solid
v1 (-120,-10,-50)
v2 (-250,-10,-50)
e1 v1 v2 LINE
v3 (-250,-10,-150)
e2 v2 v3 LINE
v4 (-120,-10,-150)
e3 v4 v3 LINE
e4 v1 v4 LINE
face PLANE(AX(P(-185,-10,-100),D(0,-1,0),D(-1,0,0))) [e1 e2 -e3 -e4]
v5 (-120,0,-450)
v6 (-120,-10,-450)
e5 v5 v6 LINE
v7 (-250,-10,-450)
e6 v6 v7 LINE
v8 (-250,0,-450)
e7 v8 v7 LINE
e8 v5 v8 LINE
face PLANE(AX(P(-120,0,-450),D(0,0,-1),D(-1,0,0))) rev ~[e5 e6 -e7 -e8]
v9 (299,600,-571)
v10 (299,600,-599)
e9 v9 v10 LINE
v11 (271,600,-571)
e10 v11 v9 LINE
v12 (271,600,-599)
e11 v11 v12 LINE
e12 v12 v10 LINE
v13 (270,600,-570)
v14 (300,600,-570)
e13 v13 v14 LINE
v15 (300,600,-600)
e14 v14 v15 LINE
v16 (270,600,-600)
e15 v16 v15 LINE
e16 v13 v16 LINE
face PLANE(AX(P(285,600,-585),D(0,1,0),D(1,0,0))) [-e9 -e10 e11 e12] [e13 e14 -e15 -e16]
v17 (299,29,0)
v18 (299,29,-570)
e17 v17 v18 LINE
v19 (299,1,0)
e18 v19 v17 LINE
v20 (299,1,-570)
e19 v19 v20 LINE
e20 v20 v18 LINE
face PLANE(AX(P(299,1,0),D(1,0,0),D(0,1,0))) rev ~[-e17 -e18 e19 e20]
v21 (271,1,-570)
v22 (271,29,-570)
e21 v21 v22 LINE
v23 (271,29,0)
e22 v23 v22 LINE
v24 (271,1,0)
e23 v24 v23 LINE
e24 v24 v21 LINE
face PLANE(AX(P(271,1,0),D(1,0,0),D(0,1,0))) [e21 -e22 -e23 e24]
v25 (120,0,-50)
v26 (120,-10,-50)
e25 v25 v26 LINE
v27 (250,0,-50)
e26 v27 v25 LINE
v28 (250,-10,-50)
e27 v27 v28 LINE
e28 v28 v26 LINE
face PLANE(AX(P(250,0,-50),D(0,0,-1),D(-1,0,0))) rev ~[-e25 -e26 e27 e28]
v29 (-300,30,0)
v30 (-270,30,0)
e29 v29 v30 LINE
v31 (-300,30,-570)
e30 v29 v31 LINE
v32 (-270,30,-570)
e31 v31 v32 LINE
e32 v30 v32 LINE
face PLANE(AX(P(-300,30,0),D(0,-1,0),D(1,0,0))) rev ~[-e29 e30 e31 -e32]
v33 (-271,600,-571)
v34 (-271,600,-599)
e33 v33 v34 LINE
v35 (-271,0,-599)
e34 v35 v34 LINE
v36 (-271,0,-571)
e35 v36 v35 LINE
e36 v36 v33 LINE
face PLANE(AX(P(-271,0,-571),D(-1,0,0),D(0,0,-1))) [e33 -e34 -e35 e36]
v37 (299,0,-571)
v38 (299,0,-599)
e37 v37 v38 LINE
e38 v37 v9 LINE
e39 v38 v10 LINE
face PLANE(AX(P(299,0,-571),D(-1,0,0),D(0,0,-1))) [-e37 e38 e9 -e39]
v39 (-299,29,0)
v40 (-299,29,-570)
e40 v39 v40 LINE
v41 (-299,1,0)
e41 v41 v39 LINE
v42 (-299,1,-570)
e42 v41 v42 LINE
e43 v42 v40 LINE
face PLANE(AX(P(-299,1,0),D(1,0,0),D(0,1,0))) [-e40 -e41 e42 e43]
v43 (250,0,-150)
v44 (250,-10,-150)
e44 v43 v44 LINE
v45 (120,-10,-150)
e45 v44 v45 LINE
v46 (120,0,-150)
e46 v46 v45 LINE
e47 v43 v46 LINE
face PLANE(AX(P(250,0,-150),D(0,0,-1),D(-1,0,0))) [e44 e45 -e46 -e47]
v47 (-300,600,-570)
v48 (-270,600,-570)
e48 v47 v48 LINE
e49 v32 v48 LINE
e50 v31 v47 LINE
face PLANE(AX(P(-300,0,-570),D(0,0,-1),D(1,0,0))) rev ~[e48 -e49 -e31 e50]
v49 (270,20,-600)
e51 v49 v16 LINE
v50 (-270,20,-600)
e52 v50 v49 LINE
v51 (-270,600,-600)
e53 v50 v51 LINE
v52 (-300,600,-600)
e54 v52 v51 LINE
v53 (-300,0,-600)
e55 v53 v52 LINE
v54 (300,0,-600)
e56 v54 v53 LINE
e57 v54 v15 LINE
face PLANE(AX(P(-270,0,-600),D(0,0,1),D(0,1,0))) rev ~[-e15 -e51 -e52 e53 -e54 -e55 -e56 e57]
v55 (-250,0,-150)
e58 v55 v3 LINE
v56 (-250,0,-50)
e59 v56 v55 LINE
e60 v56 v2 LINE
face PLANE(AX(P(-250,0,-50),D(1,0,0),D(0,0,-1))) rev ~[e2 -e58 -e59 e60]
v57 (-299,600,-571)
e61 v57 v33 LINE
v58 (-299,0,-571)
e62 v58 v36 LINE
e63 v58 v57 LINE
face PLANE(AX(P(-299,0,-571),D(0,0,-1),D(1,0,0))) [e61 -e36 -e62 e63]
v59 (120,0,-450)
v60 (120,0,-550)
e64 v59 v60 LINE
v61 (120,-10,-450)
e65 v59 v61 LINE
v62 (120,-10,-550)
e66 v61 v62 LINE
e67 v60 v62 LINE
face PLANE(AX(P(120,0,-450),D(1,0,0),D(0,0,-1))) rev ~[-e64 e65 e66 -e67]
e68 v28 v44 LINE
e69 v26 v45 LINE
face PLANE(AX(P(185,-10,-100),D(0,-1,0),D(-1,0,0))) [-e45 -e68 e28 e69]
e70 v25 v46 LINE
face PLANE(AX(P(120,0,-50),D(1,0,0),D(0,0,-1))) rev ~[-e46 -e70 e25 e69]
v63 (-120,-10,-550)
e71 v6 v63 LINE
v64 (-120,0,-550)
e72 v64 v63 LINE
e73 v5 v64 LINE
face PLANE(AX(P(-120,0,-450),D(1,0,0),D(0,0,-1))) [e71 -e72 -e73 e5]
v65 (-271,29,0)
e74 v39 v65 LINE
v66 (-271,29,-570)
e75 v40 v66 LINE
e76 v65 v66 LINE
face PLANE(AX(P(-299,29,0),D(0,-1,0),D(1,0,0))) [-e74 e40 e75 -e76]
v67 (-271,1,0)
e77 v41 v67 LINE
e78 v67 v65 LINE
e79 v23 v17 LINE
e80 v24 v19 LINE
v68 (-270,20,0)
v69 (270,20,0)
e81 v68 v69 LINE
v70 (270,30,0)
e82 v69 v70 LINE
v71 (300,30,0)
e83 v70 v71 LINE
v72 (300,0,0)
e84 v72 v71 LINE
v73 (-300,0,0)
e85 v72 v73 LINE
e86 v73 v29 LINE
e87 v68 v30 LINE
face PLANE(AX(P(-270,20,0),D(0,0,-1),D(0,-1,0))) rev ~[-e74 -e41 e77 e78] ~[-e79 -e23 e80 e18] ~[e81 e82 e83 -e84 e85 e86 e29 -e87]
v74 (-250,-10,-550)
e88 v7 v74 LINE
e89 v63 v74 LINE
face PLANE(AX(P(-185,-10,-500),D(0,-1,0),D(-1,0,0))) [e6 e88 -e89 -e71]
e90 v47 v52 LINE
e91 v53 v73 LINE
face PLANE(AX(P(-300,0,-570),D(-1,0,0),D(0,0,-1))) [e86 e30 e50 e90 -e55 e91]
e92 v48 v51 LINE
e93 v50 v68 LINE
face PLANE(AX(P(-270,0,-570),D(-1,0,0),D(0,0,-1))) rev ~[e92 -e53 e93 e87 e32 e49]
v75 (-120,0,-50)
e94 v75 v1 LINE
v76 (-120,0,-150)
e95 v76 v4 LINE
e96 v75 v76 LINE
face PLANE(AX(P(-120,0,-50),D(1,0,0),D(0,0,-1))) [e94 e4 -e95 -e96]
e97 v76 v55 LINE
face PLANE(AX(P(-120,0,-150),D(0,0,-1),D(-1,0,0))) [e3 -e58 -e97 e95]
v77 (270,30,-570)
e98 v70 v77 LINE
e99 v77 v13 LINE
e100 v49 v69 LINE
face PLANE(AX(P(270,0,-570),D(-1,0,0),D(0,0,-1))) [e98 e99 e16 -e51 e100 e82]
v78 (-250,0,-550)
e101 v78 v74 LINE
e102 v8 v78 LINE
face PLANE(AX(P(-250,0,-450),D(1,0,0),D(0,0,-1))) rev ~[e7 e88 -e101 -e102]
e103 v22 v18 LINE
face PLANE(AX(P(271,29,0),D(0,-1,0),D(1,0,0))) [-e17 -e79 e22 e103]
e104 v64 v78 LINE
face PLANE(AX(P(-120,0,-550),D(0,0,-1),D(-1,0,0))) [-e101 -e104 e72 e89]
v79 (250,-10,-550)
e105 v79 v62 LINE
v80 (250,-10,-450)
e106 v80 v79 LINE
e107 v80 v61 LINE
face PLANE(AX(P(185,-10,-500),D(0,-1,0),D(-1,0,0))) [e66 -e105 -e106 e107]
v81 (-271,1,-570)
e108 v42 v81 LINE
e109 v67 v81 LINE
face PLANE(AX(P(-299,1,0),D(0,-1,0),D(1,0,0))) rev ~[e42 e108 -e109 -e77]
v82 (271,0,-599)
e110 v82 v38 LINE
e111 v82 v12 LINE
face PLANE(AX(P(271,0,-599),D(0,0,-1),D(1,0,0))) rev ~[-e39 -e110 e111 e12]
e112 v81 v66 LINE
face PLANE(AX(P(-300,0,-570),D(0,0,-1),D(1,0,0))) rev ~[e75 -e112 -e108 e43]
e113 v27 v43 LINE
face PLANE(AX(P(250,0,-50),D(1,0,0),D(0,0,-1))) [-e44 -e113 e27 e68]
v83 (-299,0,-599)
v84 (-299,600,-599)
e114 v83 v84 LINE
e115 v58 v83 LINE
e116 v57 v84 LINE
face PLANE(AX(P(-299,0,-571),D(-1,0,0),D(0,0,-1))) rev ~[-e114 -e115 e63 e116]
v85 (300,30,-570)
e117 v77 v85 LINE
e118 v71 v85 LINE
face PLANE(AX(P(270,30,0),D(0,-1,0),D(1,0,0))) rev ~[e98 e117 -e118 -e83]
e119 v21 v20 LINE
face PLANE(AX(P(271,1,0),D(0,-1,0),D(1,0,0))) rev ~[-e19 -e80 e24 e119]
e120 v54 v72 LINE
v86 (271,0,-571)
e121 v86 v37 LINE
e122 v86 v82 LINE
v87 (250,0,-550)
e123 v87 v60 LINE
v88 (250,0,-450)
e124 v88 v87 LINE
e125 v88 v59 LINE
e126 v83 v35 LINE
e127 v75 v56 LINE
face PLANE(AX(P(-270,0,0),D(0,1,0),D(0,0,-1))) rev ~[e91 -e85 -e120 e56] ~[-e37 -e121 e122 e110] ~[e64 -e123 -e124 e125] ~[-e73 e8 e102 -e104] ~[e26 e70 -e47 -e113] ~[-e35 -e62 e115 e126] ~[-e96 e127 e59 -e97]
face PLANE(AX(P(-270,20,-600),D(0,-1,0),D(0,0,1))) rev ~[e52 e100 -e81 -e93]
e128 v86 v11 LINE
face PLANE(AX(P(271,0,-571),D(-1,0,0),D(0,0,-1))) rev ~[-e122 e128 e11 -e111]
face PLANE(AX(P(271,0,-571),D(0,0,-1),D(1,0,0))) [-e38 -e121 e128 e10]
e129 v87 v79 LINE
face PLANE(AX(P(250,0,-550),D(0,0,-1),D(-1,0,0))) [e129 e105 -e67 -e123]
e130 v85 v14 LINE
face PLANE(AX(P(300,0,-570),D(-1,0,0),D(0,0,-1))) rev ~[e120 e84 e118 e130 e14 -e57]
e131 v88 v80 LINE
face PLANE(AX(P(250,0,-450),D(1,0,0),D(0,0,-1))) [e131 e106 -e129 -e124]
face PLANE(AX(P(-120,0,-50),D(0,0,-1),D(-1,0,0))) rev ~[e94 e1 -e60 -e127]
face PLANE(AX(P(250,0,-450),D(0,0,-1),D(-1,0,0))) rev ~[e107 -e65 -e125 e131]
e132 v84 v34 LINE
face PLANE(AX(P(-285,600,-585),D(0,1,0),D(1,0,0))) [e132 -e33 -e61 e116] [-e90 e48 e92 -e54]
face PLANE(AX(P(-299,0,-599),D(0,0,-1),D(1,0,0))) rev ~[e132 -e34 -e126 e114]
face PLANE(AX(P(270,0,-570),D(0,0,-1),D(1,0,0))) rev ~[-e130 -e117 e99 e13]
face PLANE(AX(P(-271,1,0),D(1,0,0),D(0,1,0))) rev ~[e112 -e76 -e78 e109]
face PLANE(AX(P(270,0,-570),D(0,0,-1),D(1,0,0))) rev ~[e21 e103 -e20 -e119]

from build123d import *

# Parameters (mm, degrees)
SKETCH1_W                  = 30
SKETCH1_H                  = 30
SKETCH1_W_2                = 28
SKETCH1_H_2                = 28
EXTRUDE_THIN1_DEPTH        = 570
EXTRUDE_THIN1_2_DEPTH      = 570
EXTRUDE_THIN2_DEPTH        = 570
EXTRUDE_THIN2_DEPTH_BACK   = 30
SKETCH3_W                  = 30
SKETCH3_H                  = 30
SKETCH3_W_2                = 28
SKETCH3_H_2                = 28
EXTRUDE_THIN2_2_DEPTH      = 570
EXTRUDE_THIN2_2_DEPTH_BACK = 30
BOSS_EXTRUDE1_DEPTH        = 540
SKETCH5_W                  = 130
SKETCH5_H                  = 100
BOSS_EXTRUDE2_DEPTH        = 10


with BuildPart() as part:
    # Sketch1 → Extrude-Thin1 (new body)
    with BuildSketch(Plane.XY):
        with Locations((-285, 15)):
            Rectangle(SKETCH1_W, SKETCH1_H)
        with Locations((-285, 15)):
            Rectangle(SKETCH1_W_2, SKETCH1_H_2, mode=Mode.SUBTRACT)
    extrude(amount=-EXTRUDE_THIN1_DEPTH)



with BuildPart() as body_2:
    # Sketch1 → Extrude-Thin1 2 (new body)
    with BuildSketch(Plane.XY):
        with Locations((285, 15)):
            Rectangle(SKETCH1_W, SKETCH1_H)
        with Locations((285, 15)):
            Rectangle(SKETCH1_W_2, SKETCH1_H_2, mode=Mode.SUBTRACT)
    extrude(amount=-EXTRUDE_THIN1_2_DEPTH)


with BuildPart() as body_3:
    # Sketch3 → Extrude-Thin2 (new, two sides: drawn at the far end of the back side and taken through both)
    with BuildSketch(Plane(origin=(0, 30, 0), x_dir=(1, 0, 0), z_dir=(0, 1, 0)).offset(-EXTRUDE_THIN2_DEPTH_BACK)):
        with Locations((-285, 585)):
            Rectangle(SKETCH3_W, SKETCH3_H)
        with Locations((-285, 585)):
            Rectangle(SKETCH3_W_2, SKETCH3_H_2, mode=Mode.SUBTRACT)
    extrude(amount=EXTRUDE_THIN2_DEPTH + EXTRUDE_THIN2_DEPTH_BACK)


with BuildPart() as body_4:
    # Sketch3 → Extrude-Thin2 2 (new, two sides: drawn at the far end of the back side and taken through both)
    with BuildSketch(Plane(origin=(0, 30, 0), x_dir=(1, 0, 0), z_dir=(0, 1, 0)).offset(-EXTRUDE_THIN2_2_DEPTH_BACK)):
        with Locations((285, 585)):
            Rectangle(SKETCH3_W, SKETCH3_H)
        with Locations((285, 585)):
            Rectangle(SKETCH3_W_2, SKETCH3_H_2, mode=Mode.SUBTRACT)
    extrude(amount=EXTRUDE_THIN2_2_DEPTH + EXTRUDE_THIN2_2_DEPTH_BACK)


with BuildPart() as part_1:
    add(part.part)

    add(body_2.part)  # Boss-Extrude1 merges body 2

    add(body_3.part)  # Boss-Extrude1 merges body 3

    add(body_4.part)  # Boss-Extrude1 merges body 4
    # Sketch4 → Boss-Extrude1 (add)
    with BuildSketch(Plane(origin=(-270, 0, 0), x_dir=(0, 0, -1), z_dir=(1, 0, 0))):
        Polygon((600, 0), (600, 20), (570, 20), (0, 20), (0, 0), (570, 0), align=None)
    extrude(amount=BOSS_EXTRUDE1_DEPTH)

    # Sketch5 → Boss-Extrude2 (add)
    with BuildSketch(Plane(origin=(0, 0, 0), x_dir=(-1, 0, 0), z_dir=(0, -1, 0))):
        with Locations((-185, 500)):
            Rectangle(SKETCH5_W, SKETCH5_H)
        with Locations((185, 500)):
            Rectangle(SKETCH5_W, SKETCH5_H)
        with Locations((185, 100)):
            Rectangle(SKETCH5_W, SKETCH5_H)
        with Locations((-185, 100)):
            Rectangle(SKETCH5_W, SKETCH5_H)
    extrude(amount=BOSS_EXTRUDE2_DEPTH)


solid = part_1.part
